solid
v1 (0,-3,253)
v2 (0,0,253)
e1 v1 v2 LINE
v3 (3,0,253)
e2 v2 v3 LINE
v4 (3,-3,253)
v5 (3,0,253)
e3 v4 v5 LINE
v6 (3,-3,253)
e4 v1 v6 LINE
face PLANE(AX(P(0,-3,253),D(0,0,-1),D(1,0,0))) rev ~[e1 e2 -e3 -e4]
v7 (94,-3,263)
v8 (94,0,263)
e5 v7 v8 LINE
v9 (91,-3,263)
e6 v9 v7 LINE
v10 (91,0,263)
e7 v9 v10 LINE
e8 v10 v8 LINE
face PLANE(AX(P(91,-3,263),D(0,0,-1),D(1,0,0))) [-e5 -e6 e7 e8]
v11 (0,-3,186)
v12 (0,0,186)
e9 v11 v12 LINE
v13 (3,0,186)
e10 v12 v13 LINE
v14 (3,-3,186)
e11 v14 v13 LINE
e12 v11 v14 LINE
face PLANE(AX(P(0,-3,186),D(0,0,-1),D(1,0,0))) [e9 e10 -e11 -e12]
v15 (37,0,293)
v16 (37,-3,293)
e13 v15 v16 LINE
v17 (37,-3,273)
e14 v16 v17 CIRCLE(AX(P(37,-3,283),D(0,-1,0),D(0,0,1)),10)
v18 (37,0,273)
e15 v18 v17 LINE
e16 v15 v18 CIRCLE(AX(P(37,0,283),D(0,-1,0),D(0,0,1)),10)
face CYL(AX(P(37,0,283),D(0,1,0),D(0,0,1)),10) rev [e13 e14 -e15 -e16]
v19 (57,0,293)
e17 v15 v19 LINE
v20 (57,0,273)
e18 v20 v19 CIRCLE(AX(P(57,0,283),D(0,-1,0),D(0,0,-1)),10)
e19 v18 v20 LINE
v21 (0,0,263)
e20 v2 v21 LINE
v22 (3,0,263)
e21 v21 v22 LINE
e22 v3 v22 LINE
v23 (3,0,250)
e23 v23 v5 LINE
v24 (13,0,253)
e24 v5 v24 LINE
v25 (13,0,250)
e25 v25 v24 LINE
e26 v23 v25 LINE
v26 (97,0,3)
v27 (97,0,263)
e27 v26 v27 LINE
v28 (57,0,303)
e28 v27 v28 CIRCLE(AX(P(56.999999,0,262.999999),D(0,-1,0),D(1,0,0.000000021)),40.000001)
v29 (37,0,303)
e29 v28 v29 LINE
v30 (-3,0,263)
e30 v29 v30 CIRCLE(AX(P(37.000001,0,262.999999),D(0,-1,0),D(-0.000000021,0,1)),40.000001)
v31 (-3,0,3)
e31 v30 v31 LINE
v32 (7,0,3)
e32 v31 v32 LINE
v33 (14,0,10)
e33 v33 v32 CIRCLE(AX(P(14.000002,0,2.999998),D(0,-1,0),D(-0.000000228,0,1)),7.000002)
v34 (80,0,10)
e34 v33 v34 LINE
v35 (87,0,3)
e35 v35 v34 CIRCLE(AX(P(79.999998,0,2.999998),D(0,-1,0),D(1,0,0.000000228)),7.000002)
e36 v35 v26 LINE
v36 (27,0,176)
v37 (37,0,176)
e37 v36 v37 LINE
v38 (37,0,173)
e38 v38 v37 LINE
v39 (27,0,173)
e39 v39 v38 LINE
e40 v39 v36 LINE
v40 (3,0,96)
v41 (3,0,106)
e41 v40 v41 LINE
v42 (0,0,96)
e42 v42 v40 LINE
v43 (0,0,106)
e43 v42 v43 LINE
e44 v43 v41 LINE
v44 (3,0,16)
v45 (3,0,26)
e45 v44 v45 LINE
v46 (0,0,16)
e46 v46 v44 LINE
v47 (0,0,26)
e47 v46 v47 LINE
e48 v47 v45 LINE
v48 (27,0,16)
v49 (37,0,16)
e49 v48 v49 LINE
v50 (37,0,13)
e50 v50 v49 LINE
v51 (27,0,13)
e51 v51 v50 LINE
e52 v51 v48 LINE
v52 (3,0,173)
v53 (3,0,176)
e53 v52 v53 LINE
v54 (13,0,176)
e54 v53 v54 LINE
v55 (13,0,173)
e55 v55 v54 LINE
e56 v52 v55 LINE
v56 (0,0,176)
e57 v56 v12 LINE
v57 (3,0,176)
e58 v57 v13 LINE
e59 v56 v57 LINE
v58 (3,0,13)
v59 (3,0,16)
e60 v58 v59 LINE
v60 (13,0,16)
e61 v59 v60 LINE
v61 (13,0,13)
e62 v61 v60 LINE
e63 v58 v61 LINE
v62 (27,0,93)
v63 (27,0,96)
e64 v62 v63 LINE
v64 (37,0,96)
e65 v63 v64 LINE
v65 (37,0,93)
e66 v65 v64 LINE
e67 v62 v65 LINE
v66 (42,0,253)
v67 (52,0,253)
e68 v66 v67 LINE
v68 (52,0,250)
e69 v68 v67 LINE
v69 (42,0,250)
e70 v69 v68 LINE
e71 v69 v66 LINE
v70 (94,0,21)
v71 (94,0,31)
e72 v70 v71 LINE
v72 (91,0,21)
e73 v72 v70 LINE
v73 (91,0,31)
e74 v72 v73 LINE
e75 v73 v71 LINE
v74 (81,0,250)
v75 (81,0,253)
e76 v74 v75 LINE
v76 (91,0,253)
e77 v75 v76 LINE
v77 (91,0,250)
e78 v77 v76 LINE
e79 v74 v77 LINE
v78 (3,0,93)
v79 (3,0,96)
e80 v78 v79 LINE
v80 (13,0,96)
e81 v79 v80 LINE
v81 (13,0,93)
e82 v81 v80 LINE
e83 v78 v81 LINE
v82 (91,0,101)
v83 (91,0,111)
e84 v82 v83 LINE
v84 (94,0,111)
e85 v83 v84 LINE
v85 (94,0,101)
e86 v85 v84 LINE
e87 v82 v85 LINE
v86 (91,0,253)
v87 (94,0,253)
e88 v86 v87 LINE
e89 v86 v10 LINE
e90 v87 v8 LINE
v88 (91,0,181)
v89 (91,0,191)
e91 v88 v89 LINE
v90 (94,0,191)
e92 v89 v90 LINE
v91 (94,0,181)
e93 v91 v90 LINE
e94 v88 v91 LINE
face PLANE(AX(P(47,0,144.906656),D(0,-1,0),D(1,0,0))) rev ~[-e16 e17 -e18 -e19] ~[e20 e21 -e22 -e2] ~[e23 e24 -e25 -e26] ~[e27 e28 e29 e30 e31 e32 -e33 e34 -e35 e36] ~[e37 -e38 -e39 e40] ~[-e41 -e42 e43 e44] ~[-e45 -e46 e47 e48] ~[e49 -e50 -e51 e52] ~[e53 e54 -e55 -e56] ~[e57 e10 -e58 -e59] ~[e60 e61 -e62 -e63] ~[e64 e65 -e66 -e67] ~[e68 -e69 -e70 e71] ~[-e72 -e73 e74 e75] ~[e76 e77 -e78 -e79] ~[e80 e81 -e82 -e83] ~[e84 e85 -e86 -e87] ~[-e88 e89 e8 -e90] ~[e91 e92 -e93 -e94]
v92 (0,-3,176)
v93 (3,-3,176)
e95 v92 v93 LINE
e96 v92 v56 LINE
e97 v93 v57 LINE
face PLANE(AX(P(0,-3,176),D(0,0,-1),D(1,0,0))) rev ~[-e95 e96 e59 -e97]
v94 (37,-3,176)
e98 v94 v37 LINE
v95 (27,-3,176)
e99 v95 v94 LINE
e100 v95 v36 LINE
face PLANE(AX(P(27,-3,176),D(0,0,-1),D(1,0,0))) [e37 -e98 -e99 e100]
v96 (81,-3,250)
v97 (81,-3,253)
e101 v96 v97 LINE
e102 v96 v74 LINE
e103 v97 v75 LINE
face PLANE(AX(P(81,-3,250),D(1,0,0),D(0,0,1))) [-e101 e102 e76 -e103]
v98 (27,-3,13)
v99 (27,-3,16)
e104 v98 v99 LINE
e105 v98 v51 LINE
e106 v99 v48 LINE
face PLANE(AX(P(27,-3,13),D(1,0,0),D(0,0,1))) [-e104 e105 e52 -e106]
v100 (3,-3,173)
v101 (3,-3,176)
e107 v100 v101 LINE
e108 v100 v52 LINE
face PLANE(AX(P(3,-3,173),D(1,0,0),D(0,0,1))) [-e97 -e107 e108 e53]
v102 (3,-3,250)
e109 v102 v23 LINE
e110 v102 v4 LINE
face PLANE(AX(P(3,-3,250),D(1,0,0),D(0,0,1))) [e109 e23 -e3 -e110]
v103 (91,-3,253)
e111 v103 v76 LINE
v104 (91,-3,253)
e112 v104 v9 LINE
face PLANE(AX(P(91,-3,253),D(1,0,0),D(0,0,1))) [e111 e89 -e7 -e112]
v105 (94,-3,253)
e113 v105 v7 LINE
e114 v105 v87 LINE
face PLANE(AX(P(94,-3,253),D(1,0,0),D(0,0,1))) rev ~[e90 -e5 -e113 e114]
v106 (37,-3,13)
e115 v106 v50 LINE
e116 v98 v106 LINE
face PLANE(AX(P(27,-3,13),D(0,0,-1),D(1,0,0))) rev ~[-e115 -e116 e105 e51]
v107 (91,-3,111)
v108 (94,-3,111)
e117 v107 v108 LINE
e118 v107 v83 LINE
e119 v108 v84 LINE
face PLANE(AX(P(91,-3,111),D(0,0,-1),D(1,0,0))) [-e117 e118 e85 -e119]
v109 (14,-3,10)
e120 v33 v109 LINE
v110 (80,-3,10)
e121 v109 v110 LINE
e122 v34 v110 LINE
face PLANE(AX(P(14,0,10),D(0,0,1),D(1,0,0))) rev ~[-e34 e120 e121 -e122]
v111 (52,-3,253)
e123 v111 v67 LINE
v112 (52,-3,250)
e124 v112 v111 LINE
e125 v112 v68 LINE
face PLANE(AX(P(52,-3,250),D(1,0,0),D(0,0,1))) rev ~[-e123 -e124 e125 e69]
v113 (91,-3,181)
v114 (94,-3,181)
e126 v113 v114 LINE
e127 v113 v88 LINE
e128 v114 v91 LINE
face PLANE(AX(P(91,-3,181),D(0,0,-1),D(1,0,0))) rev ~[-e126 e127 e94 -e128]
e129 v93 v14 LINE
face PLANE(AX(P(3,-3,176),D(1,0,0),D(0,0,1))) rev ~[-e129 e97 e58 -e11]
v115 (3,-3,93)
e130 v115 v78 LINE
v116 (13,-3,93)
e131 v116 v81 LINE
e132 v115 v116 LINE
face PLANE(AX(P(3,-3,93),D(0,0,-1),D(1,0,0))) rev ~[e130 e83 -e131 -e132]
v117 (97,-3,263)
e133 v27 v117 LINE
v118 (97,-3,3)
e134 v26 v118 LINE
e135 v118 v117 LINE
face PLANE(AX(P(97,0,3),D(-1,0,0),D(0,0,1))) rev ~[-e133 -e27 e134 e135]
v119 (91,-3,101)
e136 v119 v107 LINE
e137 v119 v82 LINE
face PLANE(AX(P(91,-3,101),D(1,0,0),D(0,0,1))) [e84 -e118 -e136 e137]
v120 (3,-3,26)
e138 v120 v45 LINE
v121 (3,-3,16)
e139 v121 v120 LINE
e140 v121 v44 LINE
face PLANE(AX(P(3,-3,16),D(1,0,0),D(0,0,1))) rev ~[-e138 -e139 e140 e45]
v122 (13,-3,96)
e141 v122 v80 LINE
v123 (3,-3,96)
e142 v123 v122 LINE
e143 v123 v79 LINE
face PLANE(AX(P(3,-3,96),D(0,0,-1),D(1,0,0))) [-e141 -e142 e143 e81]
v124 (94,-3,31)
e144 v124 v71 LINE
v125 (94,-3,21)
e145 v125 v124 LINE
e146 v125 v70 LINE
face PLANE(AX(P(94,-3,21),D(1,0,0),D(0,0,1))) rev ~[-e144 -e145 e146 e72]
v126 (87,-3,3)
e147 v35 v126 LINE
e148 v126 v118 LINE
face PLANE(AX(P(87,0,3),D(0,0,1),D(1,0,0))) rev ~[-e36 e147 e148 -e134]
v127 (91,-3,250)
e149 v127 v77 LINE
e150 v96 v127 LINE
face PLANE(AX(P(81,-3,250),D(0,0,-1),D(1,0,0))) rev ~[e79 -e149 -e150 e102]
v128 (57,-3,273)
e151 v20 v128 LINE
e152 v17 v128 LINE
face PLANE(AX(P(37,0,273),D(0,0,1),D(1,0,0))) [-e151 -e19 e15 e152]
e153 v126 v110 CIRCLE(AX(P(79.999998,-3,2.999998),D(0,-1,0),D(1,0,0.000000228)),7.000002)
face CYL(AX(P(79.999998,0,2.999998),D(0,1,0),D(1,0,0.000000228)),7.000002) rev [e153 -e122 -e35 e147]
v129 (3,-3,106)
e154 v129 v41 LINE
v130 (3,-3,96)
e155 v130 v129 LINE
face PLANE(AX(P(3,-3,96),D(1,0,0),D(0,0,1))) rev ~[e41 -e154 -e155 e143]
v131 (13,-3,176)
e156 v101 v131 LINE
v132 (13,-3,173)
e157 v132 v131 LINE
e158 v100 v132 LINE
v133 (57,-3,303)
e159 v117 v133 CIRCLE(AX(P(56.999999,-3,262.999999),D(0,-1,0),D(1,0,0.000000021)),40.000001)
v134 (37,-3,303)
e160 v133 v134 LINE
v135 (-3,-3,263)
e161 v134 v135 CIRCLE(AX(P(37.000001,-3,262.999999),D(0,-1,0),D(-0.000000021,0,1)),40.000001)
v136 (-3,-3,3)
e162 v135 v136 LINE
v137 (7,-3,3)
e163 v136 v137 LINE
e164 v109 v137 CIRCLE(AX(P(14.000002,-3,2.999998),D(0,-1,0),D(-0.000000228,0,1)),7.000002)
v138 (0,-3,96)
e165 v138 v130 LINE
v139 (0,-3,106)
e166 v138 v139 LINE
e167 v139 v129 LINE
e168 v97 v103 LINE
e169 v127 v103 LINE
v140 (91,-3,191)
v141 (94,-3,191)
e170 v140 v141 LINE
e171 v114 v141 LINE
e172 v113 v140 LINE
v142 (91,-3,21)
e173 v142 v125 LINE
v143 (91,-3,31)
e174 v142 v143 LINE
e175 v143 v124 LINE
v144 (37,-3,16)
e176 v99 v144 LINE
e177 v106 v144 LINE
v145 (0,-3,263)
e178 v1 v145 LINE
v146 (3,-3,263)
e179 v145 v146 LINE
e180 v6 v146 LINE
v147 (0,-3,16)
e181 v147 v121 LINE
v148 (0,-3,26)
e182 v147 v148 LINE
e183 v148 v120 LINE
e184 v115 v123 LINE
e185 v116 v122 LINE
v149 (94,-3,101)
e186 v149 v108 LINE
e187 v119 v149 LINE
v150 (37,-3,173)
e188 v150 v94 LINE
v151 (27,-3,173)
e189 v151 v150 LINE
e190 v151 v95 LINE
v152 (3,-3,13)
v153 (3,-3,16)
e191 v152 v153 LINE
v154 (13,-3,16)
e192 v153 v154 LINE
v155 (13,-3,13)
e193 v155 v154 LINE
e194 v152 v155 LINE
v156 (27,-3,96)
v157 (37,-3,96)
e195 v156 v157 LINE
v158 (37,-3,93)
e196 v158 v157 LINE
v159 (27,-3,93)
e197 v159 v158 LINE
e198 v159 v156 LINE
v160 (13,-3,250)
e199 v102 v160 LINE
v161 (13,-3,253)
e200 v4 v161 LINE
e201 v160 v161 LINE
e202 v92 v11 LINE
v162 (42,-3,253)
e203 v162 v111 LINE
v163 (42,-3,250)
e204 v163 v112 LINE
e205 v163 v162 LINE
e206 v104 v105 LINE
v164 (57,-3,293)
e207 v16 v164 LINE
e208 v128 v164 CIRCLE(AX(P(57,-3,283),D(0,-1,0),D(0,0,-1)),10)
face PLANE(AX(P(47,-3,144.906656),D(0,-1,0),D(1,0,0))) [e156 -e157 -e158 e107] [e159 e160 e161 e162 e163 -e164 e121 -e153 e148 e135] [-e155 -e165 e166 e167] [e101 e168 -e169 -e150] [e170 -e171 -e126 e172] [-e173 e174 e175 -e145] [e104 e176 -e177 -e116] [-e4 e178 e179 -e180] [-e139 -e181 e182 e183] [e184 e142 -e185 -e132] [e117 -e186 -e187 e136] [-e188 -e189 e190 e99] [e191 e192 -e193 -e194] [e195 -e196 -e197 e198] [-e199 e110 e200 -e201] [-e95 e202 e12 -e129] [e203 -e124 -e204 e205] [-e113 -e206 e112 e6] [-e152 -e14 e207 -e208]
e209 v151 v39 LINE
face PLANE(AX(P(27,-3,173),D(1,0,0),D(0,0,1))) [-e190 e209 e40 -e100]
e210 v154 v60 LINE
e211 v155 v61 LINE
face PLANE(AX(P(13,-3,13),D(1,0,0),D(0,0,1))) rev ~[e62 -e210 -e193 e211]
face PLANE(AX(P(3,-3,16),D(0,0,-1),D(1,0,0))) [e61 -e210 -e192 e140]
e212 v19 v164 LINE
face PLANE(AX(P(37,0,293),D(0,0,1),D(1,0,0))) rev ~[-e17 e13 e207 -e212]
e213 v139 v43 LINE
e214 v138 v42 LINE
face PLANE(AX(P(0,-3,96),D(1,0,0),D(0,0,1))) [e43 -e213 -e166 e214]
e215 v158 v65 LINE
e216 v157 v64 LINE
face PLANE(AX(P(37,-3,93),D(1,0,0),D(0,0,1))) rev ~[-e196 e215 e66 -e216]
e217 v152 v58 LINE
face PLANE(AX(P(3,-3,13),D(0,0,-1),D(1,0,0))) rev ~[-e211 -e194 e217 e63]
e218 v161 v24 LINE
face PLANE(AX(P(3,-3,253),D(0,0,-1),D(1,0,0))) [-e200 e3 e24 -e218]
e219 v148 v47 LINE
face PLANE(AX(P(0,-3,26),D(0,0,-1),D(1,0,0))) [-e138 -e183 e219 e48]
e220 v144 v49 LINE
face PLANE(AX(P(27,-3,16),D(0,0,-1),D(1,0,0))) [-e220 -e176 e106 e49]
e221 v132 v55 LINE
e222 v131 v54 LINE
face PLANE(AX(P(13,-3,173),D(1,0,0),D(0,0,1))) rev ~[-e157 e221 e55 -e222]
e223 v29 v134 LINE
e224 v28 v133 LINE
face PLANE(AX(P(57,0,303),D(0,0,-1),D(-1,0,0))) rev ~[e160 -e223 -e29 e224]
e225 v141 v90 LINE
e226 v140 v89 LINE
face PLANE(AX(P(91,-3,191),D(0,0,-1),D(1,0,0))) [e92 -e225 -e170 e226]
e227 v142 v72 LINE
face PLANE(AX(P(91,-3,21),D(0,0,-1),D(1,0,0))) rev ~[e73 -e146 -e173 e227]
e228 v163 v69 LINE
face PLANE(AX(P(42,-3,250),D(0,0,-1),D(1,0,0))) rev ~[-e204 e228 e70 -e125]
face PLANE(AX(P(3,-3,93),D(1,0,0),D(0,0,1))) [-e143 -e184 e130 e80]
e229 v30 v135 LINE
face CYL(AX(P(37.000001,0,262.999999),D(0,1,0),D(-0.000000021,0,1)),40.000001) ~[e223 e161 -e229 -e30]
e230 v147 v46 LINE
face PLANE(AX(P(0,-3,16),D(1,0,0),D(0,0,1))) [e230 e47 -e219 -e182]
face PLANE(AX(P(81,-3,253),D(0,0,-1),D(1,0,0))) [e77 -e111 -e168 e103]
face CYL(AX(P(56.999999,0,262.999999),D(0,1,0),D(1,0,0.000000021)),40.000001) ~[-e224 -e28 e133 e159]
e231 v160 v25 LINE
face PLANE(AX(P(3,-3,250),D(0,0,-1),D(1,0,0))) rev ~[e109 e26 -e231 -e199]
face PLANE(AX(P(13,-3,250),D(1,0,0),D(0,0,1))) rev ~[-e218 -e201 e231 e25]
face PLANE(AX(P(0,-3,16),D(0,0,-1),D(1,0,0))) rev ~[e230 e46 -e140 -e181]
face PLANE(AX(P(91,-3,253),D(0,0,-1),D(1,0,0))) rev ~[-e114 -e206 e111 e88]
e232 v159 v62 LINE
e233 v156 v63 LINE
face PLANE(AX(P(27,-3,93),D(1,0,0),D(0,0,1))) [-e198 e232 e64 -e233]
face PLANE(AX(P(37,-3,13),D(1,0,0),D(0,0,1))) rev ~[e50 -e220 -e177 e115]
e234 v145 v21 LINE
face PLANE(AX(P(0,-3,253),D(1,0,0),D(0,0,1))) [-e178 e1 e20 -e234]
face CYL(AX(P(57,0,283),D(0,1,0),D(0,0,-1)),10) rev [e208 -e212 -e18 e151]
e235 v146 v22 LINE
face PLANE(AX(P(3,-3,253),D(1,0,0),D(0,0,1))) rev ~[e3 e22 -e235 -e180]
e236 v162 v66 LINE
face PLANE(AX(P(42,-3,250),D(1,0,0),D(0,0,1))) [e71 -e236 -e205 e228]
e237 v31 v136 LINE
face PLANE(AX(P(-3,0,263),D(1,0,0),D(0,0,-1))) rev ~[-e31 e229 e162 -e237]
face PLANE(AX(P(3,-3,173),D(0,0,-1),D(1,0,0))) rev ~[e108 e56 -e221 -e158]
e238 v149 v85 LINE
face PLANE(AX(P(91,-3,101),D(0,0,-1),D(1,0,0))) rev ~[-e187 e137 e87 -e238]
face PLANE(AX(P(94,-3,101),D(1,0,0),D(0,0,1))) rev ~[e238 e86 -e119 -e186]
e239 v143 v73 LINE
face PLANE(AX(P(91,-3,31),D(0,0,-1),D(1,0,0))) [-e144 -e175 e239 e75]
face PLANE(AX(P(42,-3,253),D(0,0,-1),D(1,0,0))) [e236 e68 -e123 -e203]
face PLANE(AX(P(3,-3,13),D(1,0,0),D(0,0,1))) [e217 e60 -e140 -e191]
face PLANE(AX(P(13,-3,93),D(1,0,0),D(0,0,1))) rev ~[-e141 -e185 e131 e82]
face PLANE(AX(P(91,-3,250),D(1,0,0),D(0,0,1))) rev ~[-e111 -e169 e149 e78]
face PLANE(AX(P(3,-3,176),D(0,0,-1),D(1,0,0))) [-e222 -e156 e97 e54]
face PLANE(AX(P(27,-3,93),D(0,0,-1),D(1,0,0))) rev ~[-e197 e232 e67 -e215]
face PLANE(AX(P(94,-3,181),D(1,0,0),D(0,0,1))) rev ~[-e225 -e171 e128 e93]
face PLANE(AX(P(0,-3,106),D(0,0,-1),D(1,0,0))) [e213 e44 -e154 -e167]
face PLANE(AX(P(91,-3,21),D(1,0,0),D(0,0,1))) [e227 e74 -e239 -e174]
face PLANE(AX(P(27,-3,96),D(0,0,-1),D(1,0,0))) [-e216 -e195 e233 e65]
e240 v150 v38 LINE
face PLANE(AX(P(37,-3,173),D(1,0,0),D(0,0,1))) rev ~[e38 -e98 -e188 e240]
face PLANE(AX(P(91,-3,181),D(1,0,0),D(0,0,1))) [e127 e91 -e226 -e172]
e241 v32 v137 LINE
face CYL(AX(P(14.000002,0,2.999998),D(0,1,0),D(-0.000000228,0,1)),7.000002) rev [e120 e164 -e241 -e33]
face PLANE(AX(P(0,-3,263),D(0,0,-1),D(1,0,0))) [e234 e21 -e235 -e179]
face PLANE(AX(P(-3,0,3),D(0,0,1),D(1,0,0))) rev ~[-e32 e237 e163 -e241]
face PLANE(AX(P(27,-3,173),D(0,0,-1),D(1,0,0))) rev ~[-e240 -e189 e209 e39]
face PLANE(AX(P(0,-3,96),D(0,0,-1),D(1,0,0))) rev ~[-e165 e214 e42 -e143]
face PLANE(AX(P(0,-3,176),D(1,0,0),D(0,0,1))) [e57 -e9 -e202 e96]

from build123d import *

# Parameters (mm, degrees)
PAD005_DEPTH           = 3
SKETCH009_W            = 3
SKETCH009_H            = 10
SKETCH009_W_2          = 10
SKETCH009_H_2          = 3
POCKET003_DEPTH        = 3
LINEARPATTERN003_COUNT = 3
LINEARPATTERN003_PITCH = 80
SKETCH011_W            = 10
SKETCH011_H            = 3
SKETCH011_W_2          = 3
SKETCH011_H_2          = 10
POCKET004_DEPTH        = 3


with BuildPart() as part:
    # Sketch008 → Pad005 (new body)
    with BuildSketch(Plane.XZ):
        with BuildLine():
            Line((-3, 260), (-3, 0))
            Line((-3, 0), (7, 0))
            ThreePointArc((14, 7), (9.050253, 4.949747), (7, 0))
            Line((14, 7), (80, 7))
            ThreePointArc((87, 0), (84.949747, 4.949747), (80, 7))
            Line((87, 0), (97, 0))
            Line((97, 0), (97, 260))
            ThreePointArc((97, 260), (85.284271, 288.284271), (57, 300))
            Line((57, 300), (37, 300))
            ThreePointArc((37, 300), (8.715729, 288.284271), (-3, 260))
        make_face()
        with BuildLine():
            ThreePointArc((37, 290), (27, 280), (37, 270))
            Line((37, 270), (57, 270))
            ThreePointArc((57, 270), (67, 280), (57, 290))
            Line((37, 290), (57, 290))
        make_face(mode=Mode.SUBTRACT)
    extrude(amount=PAD005_DEPTH)

    # Sketch009 → Pocket003 (cut)
    with BuildSketch(Plane.XZ.offset(3)):
        with Locations((1.5, 18)):
            Rectangle(SKETCH009_W, SKETCH009_H)
        with Locations((8, 11.5)):
            Rectangle(SKETCH009_W_2, SKETCH009_H_2)
        with Locations((32, 11.5)):
            Rectangle(SKETCH009_W_2, SKETCH009_H_2)
        with Locations((92.5, 23)):
            Rectangle(SKETCH009_W, SKETCH009_H)
    pocket003 = extrude(amount=-POCKET003_DEPTH, mode=Mode.SUBTRACT)

    # LinearPattern003: Pocket003 ×3
    with Locations(*[(0, 0, i * LINEARPATTERN003_PITCH) for i in range(1, LINEARPATTERN003_COUNT)]):
        add(pocket003, mode=Mode.SUBTRACT)

    # Sketch011 → Pocket004 (cut)
    with BuildSketch(Plane.XZ.offset(3)):
        with Locations((8, 248.5)):
            Rectangle(SKETCH011_W, SKETCH011_H)
        with Locations((47, 248.5)):
            Rectangle(SKETCH011_W, SKETCH011_H)
        with Locations((86, 248.5)):
            Rectangle(SKETCH011_W, SKETCH011_H)
        with Locations((1.5, 255)):
            Rectangle(SKETCH011_W_2, SKETCH011_H_2)
        with Locations((92.5, 255)):
            Rectangle(SKETCH011_W_2, SKETCH011_H_2)
    extrude(amount=-POCKET004_DEPTH, mode=Mode.SUBTRACT)


with BuildPart() as part_1:
    # Body005 placement: moved
    add(part.part.moved(Location((0, 0, 3))))


solid = part_1.part
